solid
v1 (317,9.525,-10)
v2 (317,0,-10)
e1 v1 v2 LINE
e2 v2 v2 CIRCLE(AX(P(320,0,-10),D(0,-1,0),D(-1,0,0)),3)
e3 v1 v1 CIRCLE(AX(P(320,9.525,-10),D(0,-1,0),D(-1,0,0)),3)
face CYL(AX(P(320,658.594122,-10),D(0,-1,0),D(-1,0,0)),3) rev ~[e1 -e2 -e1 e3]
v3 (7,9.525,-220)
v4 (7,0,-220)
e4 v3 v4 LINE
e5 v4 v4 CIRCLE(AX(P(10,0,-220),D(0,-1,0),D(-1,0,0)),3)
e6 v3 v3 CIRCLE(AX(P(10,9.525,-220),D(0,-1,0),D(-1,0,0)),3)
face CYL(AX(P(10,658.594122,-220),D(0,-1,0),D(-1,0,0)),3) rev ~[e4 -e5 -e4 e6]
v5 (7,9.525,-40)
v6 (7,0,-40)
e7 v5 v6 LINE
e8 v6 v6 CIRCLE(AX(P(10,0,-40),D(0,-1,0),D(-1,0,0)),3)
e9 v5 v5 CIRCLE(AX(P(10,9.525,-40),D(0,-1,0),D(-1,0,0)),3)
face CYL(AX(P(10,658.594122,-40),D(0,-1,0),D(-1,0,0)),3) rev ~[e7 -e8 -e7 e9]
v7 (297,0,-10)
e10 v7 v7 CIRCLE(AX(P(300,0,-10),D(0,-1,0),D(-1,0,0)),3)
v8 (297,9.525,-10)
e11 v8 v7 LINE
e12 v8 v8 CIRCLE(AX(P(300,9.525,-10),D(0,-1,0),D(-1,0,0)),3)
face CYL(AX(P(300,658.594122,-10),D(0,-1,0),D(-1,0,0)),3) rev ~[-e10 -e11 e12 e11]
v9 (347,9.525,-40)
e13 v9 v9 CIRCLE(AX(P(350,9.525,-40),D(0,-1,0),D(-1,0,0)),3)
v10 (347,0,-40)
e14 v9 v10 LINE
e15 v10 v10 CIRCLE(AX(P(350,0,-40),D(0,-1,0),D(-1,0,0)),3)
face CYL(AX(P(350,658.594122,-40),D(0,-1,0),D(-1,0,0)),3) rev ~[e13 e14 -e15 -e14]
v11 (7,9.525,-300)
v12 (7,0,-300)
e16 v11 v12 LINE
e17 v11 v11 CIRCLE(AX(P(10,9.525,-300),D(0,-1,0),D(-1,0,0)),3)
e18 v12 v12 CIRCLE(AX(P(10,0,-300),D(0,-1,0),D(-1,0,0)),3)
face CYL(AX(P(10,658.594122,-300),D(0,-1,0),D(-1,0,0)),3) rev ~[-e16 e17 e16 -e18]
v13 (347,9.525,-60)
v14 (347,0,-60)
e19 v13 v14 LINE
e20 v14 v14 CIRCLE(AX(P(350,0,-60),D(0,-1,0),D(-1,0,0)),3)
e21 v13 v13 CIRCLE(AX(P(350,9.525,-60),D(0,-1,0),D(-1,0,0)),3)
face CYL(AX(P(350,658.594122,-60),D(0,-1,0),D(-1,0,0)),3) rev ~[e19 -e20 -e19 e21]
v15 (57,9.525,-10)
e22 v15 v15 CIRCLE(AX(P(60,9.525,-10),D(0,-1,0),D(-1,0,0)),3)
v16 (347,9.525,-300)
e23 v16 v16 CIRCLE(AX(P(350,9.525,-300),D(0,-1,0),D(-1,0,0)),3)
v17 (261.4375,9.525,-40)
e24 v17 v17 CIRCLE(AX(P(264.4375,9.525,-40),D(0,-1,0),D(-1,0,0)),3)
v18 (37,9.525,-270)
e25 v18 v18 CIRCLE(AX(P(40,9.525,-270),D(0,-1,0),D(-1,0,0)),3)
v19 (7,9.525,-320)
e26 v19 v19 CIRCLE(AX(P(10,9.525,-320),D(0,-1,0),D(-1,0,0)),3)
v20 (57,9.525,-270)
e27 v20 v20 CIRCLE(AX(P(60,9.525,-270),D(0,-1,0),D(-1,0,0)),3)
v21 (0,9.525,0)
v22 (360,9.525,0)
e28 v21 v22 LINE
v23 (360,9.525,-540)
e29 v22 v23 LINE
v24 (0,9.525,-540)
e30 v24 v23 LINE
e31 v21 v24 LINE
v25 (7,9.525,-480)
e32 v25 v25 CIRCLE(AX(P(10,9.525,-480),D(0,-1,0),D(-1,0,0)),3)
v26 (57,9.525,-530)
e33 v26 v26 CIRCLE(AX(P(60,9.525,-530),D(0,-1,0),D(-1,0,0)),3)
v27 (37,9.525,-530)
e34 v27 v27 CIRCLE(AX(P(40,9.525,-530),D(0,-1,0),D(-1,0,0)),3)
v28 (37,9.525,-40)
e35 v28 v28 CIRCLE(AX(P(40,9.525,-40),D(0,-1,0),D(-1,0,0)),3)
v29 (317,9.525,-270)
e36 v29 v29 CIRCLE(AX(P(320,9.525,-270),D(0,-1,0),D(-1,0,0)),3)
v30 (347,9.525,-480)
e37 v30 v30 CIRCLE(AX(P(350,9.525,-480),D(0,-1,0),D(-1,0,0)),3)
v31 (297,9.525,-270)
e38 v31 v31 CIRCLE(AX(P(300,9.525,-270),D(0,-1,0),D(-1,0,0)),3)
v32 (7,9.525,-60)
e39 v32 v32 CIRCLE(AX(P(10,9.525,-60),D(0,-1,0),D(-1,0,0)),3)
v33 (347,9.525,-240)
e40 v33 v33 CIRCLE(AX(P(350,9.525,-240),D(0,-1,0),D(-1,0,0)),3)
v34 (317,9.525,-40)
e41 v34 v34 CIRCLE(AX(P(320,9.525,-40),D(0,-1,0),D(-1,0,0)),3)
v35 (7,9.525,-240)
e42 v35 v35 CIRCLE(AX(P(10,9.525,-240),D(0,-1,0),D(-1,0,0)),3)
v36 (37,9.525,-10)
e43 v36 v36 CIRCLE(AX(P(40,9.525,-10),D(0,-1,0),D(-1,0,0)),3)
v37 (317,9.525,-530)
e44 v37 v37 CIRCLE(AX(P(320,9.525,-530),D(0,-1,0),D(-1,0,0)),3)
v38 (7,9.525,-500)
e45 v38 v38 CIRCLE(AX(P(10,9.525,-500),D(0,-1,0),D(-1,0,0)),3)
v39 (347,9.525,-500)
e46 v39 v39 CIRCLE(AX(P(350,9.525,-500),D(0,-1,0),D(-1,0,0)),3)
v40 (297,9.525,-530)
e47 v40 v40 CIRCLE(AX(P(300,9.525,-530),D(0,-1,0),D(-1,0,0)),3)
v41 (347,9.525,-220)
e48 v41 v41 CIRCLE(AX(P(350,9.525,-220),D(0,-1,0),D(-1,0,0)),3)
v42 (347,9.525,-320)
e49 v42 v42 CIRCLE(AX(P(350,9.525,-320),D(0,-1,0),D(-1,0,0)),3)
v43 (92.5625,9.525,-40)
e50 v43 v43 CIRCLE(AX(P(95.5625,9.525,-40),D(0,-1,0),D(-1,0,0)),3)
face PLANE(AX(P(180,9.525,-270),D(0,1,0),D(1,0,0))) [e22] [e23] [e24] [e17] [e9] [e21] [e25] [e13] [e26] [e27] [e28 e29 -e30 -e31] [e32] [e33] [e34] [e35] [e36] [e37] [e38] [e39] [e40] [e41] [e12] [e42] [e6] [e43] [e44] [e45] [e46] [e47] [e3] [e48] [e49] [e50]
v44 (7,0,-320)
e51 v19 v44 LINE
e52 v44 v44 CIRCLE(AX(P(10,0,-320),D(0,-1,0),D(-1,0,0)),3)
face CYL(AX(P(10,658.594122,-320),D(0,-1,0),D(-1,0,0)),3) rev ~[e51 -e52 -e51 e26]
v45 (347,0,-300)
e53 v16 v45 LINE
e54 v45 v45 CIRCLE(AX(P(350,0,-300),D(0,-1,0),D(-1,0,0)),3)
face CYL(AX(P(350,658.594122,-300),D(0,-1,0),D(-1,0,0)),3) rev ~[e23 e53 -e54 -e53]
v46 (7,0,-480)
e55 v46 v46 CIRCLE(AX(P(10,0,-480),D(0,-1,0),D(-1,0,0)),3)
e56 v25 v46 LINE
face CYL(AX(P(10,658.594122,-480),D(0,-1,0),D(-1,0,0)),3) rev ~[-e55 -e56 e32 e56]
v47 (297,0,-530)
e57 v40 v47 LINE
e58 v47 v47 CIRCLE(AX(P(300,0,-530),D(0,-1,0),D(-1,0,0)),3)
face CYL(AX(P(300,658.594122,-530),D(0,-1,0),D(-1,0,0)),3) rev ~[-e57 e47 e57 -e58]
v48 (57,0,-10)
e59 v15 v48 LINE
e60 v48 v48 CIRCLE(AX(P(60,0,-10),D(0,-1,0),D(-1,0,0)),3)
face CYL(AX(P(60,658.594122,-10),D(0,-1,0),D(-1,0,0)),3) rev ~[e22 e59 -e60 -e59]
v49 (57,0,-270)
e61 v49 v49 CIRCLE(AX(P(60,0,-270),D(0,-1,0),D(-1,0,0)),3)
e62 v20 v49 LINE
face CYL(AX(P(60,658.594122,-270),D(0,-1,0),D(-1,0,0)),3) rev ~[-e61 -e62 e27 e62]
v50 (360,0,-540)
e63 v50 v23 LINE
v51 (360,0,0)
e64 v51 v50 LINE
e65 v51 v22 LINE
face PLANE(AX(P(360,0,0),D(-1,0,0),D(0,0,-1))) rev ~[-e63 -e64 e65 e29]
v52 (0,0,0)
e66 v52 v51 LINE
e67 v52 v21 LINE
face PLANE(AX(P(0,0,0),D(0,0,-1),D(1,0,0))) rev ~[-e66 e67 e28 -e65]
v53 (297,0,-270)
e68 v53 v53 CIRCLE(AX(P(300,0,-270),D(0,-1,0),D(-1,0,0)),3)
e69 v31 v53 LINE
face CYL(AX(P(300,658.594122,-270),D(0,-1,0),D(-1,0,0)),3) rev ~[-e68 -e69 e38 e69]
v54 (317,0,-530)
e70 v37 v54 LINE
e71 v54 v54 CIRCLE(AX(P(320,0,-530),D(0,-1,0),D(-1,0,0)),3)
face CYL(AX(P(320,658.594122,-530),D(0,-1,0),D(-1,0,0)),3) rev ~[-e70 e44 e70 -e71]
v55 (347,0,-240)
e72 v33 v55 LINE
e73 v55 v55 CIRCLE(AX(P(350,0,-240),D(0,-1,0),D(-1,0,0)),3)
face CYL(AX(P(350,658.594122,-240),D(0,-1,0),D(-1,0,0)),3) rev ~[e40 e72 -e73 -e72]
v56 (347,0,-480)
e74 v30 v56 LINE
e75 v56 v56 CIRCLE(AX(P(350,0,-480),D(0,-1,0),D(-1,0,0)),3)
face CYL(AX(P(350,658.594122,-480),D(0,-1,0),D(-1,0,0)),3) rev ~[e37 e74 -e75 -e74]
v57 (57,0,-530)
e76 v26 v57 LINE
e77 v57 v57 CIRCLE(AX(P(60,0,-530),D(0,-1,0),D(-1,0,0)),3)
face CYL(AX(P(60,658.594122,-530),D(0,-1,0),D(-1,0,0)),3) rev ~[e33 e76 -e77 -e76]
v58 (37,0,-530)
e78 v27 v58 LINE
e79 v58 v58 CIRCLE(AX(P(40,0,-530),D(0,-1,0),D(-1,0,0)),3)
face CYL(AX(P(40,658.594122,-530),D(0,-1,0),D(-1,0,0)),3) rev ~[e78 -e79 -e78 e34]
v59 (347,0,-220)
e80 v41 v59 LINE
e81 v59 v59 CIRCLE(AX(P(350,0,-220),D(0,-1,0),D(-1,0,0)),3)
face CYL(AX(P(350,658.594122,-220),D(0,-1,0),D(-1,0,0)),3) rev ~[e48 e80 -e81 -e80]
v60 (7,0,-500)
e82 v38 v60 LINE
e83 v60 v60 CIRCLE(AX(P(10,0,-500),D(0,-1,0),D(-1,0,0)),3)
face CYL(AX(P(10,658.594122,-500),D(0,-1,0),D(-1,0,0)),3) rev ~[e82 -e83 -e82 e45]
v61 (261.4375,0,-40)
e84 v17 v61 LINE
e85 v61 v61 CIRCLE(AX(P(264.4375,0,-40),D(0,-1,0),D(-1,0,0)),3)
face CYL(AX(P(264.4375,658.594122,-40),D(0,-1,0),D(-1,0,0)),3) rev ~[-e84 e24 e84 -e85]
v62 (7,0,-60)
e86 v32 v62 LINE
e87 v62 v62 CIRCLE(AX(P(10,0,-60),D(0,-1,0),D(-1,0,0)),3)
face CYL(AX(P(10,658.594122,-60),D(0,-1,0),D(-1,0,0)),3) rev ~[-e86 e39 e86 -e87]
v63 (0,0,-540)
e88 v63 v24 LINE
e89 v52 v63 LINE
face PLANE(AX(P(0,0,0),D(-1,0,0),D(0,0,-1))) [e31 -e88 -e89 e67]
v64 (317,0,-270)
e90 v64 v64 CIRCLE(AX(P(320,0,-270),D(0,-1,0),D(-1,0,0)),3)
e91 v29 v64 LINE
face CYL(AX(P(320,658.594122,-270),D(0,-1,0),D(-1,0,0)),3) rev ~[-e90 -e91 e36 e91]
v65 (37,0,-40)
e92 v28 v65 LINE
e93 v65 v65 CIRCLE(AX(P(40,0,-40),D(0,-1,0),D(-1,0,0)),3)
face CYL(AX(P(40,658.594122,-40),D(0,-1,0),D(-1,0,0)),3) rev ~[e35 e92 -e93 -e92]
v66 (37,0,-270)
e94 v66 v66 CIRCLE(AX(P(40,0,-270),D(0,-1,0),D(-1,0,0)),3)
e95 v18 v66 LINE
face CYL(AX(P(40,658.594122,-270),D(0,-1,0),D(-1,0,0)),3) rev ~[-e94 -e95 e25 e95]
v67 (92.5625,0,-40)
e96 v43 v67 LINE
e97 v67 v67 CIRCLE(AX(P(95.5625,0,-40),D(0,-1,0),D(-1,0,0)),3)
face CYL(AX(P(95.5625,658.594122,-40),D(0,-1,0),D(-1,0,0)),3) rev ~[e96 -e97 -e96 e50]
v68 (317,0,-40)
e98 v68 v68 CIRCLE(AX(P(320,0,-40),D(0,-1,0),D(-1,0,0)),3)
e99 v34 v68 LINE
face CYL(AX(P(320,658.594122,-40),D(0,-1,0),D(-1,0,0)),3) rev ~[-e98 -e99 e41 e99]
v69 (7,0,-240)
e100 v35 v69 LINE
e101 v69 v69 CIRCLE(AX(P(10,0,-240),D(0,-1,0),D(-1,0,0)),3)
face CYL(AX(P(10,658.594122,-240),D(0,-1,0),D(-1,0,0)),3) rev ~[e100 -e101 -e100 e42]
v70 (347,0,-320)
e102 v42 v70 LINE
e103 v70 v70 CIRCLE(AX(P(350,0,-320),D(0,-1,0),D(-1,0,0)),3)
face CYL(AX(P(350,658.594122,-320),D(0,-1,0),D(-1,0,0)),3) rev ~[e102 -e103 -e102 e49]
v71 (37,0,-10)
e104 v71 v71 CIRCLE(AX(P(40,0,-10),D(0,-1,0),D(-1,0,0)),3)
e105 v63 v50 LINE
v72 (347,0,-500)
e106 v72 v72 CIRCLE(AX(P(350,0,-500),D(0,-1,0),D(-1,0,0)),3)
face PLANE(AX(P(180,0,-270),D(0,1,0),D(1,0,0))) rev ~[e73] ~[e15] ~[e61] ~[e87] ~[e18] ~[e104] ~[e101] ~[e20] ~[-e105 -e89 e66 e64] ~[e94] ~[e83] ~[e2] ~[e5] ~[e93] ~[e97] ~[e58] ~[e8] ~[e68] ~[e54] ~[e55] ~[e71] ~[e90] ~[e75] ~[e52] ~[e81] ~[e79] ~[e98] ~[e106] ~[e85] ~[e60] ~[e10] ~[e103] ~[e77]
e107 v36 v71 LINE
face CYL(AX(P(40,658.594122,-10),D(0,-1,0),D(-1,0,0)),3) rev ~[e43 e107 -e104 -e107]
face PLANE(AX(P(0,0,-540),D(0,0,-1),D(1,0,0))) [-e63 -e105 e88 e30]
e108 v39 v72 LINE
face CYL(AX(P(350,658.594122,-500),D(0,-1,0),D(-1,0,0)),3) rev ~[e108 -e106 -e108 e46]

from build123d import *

# Parameters (mm, degrees)
SKETCH1_W             = 360
SKETCH1_H             = 540
BOSS_EXTRUDE1_DEPTH   = 9.525
F_6_0MM_DOWEL_HOLE1_D = 6
F_6_0MM_DOWEL_HOLE2_D = 6


with BuildPart() as part:
    # Sketch1 → Boss-Extrude1 (new body)
    with BuildSketch(Plane(origin=(0, 0, 0), x_dir=(1, 0, 0), z_dir=(0, 1, 0))):
        with Locations((180, 270)):
            Rectangle(SKETCH1_W, SKETCH1_H)
    extrude(amount=BOSS_EXTRUDE1_DEPTH)

    # Ø6.0mm Dowel Hole1 (through all)
    with Locations(Plane(origin=(0, 9.525, 0), x_dir=(1, 0, 0), z_dir=(0, 1, 0))):
        with Locations((40, 40), (95.5625, 40), (264.4375, 40), (320, 40)):
            Hole(F_6_0MM_DOWEL_HOLE1_D / 2)

    # Ø6.0mm Dowel Hole2 (through all)
    with Locations(Plane(origin=(0, 9.525, 0), x_dir=(1, 0, 0), z_dir=(0, 1, 0))):
        with Locations((40, 10), (10, 40), (320, 10), (350, 40), (10, 240), (40, 270), (10, 300), (350, 240), (320, 270), (350, 300), (10, 500), (40, 530), (320, 530), (350, 500), (10, 480), (60, 530), (300, 530), (350, 480), (350, 320), (300, 270), (350, 220), (10, 220), (60, 270), (10, 320), (10, 60), (60, 10), (300, 10), (350, 60)):
            Hole(F_6_0MM_DOWEL_HOLE2_D / 2)


solid = part.part
